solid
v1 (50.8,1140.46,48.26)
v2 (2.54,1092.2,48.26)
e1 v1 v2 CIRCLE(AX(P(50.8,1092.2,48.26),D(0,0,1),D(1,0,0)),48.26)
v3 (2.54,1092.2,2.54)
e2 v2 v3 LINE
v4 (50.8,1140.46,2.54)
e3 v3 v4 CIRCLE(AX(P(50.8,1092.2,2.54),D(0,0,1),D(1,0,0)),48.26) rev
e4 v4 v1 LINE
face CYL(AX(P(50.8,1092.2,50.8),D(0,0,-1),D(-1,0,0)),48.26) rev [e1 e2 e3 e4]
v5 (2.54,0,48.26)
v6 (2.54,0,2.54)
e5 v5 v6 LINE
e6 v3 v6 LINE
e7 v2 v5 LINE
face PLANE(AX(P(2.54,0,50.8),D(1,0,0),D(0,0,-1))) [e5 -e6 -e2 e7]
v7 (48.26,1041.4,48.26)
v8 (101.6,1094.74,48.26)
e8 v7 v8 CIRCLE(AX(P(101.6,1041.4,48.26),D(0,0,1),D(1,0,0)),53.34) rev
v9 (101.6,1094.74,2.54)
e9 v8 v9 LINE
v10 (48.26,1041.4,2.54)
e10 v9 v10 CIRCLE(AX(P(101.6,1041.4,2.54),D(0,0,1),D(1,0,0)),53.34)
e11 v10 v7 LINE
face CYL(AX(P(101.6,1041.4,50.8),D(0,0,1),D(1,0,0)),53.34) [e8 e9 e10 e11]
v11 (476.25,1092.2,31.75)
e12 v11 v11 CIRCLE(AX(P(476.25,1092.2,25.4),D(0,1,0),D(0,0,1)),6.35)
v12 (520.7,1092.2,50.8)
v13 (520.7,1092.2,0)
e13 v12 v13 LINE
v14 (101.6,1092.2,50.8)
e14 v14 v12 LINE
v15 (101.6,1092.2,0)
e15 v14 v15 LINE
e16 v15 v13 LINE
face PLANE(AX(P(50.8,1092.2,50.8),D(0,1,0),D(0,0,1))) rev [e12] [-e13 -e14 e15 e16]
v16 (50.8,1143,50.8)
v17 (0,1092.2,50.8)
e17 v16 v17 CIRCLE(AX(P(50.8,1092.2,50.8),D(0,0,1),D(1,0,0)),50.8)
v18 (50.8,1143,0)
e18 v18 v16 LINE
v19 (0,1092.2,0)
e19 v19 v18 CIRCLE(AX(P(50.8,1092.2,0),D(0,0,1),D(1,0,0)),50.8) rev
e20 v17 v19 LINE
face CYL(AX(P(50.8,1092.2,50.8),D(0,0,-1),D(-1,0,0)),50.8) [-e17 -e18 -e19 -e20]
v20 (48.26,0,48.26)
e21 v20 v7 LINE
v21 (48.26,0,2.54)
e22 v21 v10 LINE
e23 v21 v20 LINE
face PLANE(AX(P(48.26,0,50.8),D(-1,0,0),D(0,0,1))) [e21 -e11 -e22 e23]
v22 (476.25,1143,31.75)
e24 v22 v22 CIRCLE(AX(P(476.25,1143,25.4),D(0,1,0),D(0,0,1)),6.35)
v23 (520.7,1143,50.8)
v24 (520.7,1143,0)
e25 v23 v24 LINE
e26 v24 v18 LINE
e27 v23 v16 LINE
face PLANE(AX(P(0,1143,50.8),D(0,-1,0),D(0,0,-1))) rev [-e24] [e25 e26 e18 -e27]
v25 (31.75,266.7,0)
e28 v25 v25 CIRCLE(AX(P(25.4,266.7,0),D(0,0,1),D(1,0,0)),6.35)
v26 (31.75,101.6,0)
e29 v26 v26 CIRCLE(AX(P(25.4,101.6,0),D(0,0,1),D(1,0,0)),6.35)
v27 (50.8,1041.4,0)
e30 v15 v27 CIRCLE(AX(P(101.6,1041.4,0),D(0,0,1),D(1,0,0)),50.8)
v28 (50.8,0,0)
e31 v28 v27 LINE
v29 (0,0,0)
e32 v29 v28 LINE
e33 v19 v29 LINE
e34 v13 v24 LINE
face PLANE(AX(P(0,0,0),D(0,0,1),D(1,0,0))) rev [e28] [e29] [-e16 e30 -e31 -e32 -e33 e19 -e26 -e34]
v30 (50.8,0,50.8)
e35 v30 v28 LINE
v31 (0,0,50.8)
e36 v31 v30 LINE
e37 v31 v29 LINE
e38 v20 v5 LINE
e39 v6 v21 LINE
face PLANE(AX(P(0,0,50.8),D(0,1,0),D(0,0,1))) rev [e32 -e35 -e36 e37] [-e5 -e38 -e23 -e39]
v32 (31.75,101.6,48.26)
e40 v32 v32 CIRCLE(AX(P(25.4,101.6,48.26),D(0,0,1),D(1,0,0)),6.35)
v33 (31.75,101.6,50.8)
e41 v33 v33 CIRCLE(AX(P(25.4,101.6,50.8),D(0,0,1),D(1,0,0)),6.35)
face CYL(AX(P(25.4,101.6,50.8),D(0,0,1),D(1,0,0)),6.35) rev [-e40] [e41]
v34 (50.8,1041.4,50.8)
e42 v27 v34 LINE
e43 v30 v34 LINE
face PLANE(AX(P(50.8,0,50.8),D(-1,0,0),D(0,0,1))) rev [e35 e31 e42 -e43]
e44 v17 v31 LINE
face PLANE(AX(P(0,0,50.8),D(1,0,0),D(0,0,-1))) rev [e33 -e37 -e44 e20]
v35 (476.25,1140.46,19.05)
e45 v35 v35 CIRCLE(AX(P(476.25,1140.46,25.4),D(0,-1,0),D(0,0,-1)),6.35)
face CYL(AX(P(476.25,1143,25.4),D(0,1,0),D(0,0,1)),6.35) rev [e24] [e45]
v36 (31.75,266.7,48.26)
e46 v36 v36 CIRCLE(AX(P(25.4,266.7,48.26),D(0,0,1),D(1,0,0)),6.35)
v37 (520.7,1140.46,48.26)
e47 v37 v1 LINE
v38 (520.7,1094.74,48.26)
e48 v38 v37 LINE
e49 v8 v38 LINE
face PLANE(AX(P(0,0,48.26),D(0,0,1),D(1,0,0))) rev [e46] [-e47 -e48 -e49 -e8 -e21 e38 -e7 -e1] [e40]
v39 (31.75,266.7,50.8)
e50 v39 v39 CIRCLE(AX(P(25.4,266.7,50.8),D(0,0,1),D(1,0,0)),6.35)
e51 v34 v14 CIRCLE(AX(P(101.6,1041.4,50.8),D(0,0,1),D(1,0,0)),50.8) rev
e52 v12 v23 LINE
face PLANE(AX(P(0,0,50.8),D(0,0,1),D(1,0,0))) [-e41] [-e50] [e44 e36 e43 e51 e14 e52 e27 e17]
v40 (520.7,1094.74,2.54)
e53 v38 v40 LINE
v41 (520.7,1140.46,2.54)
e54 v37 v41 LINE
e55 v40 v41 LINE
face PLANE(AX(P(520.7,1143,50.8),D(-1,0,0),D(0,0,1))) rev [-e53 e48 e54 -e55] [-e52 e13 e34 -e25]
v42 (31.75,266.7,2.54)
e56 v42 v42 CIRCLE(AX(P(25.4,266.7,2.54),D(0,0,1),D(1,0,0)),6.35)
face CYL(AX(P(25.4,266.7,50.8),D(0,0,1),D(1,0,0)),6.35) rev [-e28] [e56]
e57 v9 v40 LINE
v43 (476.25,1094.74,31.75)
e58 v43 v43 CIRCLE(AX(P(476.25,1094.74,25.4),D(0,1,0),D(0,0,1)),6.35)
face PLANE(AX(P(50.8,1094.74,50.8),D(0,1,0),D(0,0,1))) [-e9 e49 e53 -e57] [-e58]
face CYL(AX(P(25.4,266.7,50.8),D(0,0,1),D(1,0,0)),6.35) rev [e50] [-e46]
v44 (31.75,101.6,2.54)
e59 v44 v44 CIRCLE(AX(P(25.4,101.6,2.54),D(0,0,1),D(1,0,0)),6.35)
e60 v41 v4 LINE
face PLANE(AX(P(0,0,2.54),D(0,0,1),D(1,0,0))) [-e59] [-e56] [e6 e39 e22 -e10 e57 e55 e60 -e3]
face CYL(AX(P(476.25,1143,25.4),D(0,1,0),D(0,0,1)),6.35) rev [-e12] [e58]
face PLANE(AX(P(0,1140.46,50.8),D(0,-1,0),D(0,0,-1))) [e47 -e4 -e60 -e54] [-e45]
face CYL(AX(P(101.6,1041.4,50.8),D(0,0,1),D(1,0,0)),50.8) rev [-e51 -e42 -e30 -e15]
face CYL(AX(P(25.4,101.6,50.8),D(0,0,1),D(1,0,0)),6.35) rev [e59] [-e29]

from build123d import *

# Parameters (mm, degrees)
BOSS_EXTRUDE1_DEPTH       = 50.8
FILLET1_R                 = 50.8
SHELL1_T                  = -2.54
SKETCH2_W                 = 45.72
SKETCH2_H                 = 45.72
CUT_EXTRUDE1_DEPTH        = 50.8
F_97_0_5_DIAMETER_HOLE1_D = 12.7
F_97_0_5_DIAMETER_HOLE2_D = 12.7


with BuildPart() as part:
    # Sketch1 → Boss-Extrude1 (new body)
    with BuildSketch(Plane.XY):
        Polygon((0, 0), (0, 1143), (520.7, 1143), (520.7, 1092.2), (50.8, 1092.2), (50.8, 0), align=None)
    extrude(amount=BOSS_EXTRUDE1_DEPTH)

    # Fillet1
    fillet1_edges = [part.edges().sort_by_distance(p)[0] for p in [
        (0, 1143, 25.4),
        (50.8, 1092.2, 25.4),
    ]]
    fillet(fillet1_edges, radius=FILLET1_R)

    # Shell1
    shell1_openings = [part.faces().sort_by_distance(p)[0] for p in [
        (520.7, 1117.6, 25.4),
    ]]
    offset(amount=SHELL1_T, openings=shell1_openings, kind=Kind.INTERSECTION)

    # Sketch2 → Cut-Extrude1 (cut)
    with BuildSketch(Plane.XZ):
        with Locations((25.4, 25.4)):
            Rectangle(SKETCH2_W, SKETCH2_H)
    extrude(amount=-CUT_EXTRUDE1_DEPTH, mode=Mode.SUBTRACT)

    # #97 (0.5) Diameter Hole1 (through all)
    with Locations(Plane(origin=(476.25, 1143, 25.4), x_dir=(0, 0, 1), z_dir=(0, 1, 0))):
        with Locations((0, 0)):
            Hole(F_97_0_5_DIAMETER_HOLE1_D / 2)

    # #97 (0.5) Diameter Hole2 (through all)
    with Locations(Plane(origin=(25.4, 101.6, 50.8), x_dir=(1, 0, 0), z_dir=(0, 0, 1))):
        with Locations((0, 0), (0, 165.1)):
            Hole(F_97_0_5_DIAMETER_HOLE2_D / 2)


solid = part.part
